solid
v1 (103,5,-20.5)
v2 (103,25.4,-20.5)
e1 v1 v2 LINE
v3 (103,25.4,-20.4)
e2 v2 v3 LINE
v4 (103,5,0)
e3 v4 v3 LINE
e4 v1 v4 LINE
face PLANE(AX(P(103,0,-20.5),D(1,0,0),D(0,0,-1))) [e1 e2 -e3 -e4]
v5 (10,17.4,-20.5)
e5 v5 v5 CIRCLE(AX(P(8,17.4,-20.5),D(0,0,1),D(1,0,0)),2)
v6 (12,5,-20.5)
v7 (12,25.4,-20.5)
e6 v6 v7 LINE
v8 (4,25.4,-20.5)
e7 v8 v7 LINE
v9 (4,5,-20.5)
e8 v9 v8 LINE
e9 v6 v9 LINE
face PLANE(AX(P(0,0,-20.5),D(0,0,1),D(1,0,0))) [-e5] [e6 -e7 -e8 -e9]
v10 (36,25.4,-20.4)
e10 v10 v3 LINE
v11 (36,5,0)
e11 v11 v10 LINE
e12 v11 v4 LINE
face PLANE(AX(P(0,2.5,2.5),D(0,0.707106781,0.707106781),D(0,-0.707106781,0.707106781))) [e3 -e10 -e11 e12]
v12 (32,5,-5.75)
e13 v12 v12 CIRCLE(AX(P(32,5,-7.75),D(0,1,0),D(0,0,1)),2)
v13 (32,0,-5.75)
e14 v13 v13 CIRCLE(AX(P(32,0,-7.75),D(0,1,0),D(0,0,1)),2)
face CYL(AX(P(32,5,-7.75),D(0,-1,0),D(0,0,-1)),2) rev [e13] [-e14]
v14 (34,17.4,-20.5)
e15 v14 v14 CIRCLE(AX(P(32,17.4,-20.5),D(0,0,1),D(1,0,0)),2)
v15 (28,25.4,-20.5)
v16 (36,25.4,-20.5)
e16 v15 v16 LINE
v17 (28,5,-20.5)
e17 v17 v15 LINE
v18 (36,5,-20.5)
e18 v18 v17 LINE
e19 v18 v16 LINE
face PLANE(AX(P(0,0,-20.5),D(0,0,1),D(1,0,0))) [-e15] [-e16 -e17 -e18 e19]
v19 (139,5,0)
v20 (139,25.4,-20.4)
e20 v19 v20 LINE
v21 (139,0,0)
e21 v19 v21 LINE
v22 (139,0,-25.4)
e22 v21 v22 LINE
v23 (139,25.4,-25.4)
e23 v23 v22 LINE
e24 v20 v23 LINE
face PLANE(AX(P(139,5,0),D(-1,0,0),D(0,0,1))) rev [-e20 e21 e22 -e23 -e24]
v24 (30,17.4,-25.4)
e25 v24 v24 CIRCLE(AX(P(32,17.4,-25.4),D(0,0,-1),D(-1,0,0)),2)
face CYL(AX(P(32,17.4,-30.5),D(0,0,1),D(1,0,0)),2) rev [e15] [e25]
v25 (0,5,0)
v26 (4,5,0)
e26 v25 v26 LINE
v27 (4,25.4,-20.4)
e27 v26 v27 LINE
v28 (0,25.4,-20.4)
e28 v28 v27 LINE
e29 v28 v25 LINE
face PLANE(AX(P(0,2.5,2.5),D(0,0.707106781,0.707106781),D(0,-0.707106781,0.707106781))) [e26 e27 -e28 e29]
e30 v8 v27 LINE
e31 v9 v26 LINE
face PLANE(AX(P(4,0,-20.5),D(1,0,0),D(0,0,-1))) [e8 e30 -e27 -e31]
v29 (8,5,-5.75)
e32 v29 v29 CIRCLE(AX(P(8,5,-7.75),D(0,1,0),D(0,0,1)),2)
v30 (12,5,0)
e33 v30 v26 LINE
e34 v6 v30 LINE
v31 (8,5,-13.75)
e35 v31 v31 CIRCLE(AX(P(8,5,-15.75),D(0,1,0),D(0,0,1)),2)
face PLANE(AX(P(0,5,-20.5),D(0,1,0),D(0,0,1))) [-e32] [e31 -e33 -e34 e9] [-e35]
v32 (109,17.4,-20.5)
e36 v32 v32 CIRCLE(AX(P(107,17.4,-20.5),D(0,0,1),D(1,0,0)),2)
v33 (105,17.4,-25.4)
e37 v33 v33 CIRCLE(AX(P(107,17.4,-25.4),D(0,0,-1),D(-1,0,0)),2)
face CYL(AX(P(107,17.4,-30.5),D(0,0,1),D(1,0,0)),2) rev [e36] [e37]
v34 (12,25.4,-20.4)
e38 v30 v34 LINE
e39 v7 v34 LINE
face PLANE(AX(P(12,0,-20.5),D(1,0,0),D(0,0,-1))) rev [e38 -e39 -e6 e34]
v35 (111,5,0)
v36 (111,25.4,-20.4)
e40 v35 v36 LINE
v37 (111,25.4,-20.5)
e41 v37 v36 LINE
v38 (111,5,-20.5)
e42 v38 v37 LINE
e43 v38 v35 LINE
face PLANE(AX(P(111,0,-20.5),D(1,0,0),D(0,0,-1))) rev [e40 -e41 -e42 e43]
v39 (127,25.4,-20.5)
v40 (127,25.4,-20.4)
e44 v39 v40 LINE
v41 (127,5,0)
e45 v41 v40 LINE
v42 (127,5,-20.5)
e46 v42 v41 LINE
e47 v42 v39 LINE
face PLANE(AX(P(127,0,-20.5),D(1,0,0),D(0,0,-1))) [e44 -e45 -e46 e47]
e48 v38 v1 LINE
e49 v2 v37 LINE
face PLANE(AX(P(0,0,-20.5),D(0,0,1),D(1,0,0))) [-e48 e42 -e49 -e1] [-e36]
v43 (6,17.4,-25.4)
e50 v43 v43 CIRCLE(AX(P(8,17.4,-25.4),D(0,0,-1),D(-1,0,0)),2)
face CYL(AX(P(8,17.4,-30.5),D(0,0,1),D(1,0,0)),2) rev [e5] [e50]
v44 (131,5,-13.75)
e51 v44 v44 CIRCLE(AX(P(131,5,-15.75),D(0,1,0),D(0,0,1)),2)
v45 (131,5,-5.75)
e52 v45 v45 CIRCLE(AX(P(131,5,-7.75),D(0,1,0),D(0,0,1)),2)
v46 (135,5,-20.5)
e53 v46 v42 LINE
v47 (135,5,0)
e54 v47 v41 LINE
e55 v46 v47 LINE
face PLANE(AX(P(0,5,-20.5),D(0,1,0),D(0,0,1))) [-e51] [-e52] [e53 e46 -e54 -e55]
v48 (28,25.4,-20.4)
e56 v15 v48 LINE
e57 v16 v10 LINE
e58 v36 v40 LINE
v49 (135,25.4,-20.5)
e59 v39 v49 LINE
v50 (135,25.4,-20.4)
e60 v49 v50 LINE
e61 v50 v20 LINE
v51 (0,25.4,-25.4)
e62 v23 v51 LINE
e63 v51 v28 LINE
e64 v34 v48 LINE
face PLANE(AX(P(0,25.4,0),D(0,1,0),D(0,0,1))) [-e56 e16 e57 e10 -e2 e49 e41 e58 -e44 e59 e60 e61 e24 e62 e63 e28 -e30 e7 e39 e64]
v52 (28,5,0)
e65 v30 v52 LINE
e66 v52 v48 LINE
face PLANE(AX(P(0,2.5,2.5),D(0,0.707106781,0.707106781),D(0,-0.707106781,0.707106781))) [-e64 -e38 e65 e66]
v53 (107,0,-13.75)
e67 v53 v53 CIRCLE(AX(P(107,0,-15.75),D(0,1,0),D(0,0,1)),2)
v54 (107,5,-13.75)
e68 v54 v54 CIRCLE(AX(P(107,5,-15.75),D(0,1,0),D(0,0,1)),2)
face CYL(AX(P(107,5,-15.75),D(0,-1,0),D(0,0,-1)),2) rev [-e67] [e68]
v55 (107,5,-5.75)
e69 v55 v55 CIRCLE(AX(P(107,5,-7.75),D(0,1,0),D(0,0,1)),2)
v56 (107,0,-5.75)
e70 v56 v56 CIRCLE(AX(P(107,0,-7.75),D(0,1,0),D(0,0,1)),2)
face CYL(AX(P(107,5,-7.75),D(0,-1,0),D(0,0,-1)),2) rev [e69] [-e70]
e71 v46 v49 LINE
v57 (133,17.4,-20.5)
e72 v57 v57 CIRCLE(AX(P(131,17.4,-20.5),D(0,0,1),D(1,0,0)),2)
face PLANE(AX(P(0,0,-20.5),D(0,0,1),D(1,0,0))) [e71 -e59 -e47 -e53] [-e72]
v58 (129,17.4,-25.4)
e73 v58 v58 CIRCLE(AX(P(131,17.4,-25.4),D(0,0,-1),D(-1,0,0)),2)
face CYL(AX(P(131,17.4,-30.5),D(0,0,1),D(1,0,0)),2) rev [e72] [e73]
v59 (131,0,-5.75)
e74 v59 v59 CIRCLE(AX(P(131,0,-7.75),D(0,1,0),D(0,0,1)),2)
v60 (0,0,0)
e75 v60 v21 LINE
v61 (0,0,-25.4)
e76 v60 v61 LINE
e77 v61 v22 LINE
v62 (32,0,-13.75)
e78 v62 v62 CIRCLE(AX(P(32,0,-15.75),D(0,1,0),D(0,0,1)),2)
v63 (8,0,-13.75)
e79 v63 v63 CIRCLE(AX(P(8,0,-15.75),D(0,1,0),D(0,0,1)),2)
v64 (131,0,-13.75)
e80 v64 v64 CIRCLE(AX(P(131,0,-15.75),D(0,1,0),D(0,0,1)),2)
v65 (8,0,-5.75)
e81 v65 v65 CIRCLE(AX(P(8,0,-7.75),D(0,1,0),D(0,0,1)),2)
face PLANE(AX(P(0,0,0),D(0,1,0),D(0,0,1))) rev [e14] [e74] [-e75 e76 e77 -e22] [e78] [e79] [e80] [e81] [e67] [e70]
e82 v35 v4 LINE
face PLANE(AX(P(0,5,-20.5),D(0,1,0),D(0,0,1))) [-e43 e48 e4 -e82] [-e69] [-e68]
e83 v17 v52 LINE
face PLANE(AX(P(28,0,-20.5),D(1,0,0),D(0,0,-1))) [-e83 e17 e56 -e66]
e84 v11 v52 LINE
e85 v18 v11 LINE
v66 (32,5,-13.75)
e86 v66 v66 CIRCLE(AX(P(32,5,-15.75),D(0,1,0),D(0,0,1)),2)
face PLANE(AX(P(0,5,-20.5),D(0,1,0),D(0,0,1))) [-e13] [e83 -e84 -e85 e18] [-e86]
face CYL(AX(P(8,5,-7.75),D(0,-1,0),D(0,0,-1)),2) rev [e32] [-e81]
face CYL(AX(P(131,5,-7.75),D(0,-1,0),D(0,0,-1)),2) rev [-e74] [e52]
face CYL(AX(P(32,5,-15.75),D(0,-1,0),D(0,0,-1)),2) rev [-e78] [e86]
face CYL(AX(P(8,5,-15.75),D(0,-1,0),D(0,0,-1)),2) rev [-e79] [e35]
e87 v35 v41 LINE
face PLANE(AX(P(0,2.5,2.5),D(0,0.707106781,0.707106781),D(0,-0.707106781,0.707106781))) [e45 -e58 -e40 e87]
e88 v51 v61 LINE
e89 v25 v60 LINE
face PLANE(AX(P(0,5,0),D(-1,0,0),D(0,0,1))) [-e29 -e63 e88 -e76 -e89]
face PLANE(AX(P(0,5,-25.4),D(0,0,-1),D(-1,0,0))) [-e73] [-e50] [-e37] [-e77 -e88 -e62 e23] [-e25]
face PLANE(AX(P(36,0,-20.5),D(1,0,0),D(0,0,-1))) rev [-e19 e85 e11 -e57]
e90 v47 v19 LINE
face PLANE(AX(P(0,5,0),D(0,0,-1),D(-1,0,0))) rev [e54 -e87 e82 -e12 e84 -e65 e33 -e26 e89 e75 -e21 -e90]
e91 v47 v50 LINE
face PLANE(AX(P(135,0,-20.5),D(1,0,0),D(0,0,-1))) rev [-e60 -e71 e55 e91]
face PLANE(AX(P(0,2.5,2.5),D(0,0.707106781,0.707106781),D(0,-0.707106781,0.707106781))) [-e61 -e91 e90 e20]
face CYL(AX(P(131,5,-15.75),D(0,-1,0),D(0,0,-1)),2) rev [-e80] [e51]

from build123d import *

# Parameters (mm, degrees)
BOSS_EXTRUDE1_DEPTH     = 5
SKETCH3_W               = 139
SKETCH3_H               = 5
BOSS_EXTRUDE2_DEPTH     = 20.4
SKETCH4_W               = 139
SKETCH4_H               = 20.4
BOSS_EXTRUDE3_DEPTH     = 20.5
CUT_EXTRUDE1_DEPTH      = 144.584156508
CUT_EXTRUDE1_DEPTH_BACK = 144.584156508
SKETCH7_W               = 8
SKETCH7_H               = 20.4
CUT_EXTRUDE2_DEPTH      = 20.5
SKETCH8_R               = 2
CUT_EXTRUDE3_DEPTH      = 10


with BuildPart() as part:
    # Sketch1 → Boss-Extrude1 (new body)
    with BuildSketch(Plane(origin=(0, 0, 0), x_dir=(1, 0, 0), z_dir=(0, 1, 0))):
        with BuildLine():
            Line((0, 15.75), (0, 7.75))
            Line((0, 7.75), (6, 7.75))
            ThreePointArc((6, 7.75), (8, 9.75), (10, 7.75))
            Line((10, 7.75), (30, 7.75))
            ThreePointArc((30, 7.75), (32, 9.75), (34, 7.75))
            Line((34, 7.75), (105, 7.75))
            ThreePointArc((105, 7.75), (107, 9.75), (109, 7.75))
            Line((109, 7.75), (129, 7.75))
            ThreePointArc((129, 7.75), (131, 9.75), (133, 7.75))
            Line((133, 7.75), (139, 7.75))
            Line((139, 7.75), (139, 15.75))
            Line((139, 15.75), (133, 15.75))
            ThreePointArc((133, 15.75), (131, 13.75), (129, 15.75))
            Line((129, 15.75), (109, 15.75))
            ThreePointArc((109, 15.75), (107, 13.75), (105, 15.75))
            Line((105, 15.75), (34, 15.75))
            ThreePointArc((34, 15.75), (32, 13.75), (30, 15.75))
            Line((30, 15.75), (24, 15.75))
            Line((24, 15.75), (16, 15.75))
            Line((16, 15.75), (10, 15.75))
            ThreePointArc((10, 15.75), (8, 13.75), (6, 15.75))
            Line((6, 15.75), (0, 15.75))
        make_face()
        with BuildLine():
            Line((0, 7.75), (0, 0))
            Line((0, 0), (139, 0))
            Line((139, 0), (139, 7.75))
            Line((139, 7.75), (133, 7.75))
            ThreePointArc((133, 7.75), (131, 5.75), (129, 7.75))
            Line((129, 7.75), (109, 7.75))
            ThreePointArc((109, 7.75), (107, 5.75), (105, 7.75))
            Line((105, 7.75), (34, 7.75))
            ThreePointArc((34, 7.75), (32, 5.75), (30, 7.75))
            Line((30, 7.75), (10, 7.75))
            ThreePointArc((10, 7.75), (8, 5.75), (6, 7.75))
            Line((6, 7.75), (0, 7.75))
        make_face()
        with BuildLine():
            Line((0, 20.4), (0, 15.75))
            Line((0, 15.75), (6, 15.75))
            ThreePointArc((6, 15.75), (8, 17.75), (10, 15.75))
            Line((10, 15.75), (16, 15.75))
            Line((16, 15.75), (24, 15.75))
            Line((24, 15.75), (30, 15.75))
            ThreePointArc((30, 15.75), (32, 17.75), (34, 15.75))
            Line((34, 15.75), (105, 15.75))
            ThreePointArc((105, 15.75), (107, 17.75), (109, 15.75))
            Line((109, 15.75), (129, 15.75))
            ThreePointArc((129, 15.75), (131, 17.75), (133, 15.75))
            Line((133, 15.75), (139, 15.75))
            Line((139, 15.75), (139, 20.4))
            Line((139, 20.4), (0, 20.4))
        make_face()
        Polygon((0, 23.75), (0, 20.4), (139, 20.4), (139, 25.4), (0, 25.4), align=None)
    extrude(amount=BOSS_EXTRUDE1_DEPTH)

    # Sketch3 → Boss-Extrude2 (add)
    with BuildSketch(Plane(origin=(0, 5, 0), x_dir=(1, 0, 0), z_dir=(0, 1, 0))):
        with Locations((69.5, 22.9)):
            Rectangle(SKETCH3_W, SKETCH3_H)
    extrude(amount=BOSS_EXTRUDE2_DEPTH)

    # Sketch4 → Boss-Extrude3 (add)
    with BuildSketch(Plane(origin=(0, 5, 0), x_dir=(1, 0, 0), z_dir=(0, 1, 0))):
        with Locations((69.5, 10.2)):
            Rectangle(SKETCH4_W, SKETCH4_H)
    extrude(amount=BOSS_EXTRUDE3_DEPTH)

    # Sketch5 → Cut-Extrude1 (cut, two sides: drawn at the far end of the back side and taken through both)
    with BuildSketch(Plane(origin=(139, 0, 0), x_dir=(0, 0, -1), z_dir=(1, 0, 0)).offset(-CUT_EXTRUDE1_DEPTH_BACK)):
        Polygon((0, 5), (20.4, 25.4), (20.4, 25.5), (0, 25.5), align=None)
    extrude(amount=CUT_EXTRUDE1_DEPTH + CUT_EXTRUDE1_DEPTH_BACK, mode=Mode.SUBTRACT)

    # Sketch7 → Cut-Extrude2 (cut)
    with BuildSketch(Plane.XY):
        with Locations((8, 15.2)):
            Rectangle(SKETCH7_W, SKETCH7_H)
        with Locations((32, 15.2)):
            Rectangle(SKETCH7_W, SKETCH7_H)
        with Locations((107, 15.2)):
            Rectangle(SKETCH7_W, SKETCH7_H)
        with Locations((131, 15.2)):
            Rectangle(SKETCH7_W, SKETCH7_H)
    extrude(amount=-CUT_EXTRUDE2_DEPTH, mode=Mode.SUBTRACT)

    # Sketch8 → Cut-Extrude3 (cut)
    with BuildSketch(Plane.XY.offset(-20.5)):
        with Locations((8, 17.4)):
            Circle(SKETCH8_R)
        with Locations((32, 17.4)):
            Circle(SKETCH8_R)
        with Locations((107, 17.4)):
            Circle(SKETCH8_R)
        with Locations((131, 17.4)):
            Circle(SKETCH8_R)
    extrude(amount=-CUT_EXTRUDE3_DEPTH, mode=Mode.SUBTRACT)


solid = part.part
